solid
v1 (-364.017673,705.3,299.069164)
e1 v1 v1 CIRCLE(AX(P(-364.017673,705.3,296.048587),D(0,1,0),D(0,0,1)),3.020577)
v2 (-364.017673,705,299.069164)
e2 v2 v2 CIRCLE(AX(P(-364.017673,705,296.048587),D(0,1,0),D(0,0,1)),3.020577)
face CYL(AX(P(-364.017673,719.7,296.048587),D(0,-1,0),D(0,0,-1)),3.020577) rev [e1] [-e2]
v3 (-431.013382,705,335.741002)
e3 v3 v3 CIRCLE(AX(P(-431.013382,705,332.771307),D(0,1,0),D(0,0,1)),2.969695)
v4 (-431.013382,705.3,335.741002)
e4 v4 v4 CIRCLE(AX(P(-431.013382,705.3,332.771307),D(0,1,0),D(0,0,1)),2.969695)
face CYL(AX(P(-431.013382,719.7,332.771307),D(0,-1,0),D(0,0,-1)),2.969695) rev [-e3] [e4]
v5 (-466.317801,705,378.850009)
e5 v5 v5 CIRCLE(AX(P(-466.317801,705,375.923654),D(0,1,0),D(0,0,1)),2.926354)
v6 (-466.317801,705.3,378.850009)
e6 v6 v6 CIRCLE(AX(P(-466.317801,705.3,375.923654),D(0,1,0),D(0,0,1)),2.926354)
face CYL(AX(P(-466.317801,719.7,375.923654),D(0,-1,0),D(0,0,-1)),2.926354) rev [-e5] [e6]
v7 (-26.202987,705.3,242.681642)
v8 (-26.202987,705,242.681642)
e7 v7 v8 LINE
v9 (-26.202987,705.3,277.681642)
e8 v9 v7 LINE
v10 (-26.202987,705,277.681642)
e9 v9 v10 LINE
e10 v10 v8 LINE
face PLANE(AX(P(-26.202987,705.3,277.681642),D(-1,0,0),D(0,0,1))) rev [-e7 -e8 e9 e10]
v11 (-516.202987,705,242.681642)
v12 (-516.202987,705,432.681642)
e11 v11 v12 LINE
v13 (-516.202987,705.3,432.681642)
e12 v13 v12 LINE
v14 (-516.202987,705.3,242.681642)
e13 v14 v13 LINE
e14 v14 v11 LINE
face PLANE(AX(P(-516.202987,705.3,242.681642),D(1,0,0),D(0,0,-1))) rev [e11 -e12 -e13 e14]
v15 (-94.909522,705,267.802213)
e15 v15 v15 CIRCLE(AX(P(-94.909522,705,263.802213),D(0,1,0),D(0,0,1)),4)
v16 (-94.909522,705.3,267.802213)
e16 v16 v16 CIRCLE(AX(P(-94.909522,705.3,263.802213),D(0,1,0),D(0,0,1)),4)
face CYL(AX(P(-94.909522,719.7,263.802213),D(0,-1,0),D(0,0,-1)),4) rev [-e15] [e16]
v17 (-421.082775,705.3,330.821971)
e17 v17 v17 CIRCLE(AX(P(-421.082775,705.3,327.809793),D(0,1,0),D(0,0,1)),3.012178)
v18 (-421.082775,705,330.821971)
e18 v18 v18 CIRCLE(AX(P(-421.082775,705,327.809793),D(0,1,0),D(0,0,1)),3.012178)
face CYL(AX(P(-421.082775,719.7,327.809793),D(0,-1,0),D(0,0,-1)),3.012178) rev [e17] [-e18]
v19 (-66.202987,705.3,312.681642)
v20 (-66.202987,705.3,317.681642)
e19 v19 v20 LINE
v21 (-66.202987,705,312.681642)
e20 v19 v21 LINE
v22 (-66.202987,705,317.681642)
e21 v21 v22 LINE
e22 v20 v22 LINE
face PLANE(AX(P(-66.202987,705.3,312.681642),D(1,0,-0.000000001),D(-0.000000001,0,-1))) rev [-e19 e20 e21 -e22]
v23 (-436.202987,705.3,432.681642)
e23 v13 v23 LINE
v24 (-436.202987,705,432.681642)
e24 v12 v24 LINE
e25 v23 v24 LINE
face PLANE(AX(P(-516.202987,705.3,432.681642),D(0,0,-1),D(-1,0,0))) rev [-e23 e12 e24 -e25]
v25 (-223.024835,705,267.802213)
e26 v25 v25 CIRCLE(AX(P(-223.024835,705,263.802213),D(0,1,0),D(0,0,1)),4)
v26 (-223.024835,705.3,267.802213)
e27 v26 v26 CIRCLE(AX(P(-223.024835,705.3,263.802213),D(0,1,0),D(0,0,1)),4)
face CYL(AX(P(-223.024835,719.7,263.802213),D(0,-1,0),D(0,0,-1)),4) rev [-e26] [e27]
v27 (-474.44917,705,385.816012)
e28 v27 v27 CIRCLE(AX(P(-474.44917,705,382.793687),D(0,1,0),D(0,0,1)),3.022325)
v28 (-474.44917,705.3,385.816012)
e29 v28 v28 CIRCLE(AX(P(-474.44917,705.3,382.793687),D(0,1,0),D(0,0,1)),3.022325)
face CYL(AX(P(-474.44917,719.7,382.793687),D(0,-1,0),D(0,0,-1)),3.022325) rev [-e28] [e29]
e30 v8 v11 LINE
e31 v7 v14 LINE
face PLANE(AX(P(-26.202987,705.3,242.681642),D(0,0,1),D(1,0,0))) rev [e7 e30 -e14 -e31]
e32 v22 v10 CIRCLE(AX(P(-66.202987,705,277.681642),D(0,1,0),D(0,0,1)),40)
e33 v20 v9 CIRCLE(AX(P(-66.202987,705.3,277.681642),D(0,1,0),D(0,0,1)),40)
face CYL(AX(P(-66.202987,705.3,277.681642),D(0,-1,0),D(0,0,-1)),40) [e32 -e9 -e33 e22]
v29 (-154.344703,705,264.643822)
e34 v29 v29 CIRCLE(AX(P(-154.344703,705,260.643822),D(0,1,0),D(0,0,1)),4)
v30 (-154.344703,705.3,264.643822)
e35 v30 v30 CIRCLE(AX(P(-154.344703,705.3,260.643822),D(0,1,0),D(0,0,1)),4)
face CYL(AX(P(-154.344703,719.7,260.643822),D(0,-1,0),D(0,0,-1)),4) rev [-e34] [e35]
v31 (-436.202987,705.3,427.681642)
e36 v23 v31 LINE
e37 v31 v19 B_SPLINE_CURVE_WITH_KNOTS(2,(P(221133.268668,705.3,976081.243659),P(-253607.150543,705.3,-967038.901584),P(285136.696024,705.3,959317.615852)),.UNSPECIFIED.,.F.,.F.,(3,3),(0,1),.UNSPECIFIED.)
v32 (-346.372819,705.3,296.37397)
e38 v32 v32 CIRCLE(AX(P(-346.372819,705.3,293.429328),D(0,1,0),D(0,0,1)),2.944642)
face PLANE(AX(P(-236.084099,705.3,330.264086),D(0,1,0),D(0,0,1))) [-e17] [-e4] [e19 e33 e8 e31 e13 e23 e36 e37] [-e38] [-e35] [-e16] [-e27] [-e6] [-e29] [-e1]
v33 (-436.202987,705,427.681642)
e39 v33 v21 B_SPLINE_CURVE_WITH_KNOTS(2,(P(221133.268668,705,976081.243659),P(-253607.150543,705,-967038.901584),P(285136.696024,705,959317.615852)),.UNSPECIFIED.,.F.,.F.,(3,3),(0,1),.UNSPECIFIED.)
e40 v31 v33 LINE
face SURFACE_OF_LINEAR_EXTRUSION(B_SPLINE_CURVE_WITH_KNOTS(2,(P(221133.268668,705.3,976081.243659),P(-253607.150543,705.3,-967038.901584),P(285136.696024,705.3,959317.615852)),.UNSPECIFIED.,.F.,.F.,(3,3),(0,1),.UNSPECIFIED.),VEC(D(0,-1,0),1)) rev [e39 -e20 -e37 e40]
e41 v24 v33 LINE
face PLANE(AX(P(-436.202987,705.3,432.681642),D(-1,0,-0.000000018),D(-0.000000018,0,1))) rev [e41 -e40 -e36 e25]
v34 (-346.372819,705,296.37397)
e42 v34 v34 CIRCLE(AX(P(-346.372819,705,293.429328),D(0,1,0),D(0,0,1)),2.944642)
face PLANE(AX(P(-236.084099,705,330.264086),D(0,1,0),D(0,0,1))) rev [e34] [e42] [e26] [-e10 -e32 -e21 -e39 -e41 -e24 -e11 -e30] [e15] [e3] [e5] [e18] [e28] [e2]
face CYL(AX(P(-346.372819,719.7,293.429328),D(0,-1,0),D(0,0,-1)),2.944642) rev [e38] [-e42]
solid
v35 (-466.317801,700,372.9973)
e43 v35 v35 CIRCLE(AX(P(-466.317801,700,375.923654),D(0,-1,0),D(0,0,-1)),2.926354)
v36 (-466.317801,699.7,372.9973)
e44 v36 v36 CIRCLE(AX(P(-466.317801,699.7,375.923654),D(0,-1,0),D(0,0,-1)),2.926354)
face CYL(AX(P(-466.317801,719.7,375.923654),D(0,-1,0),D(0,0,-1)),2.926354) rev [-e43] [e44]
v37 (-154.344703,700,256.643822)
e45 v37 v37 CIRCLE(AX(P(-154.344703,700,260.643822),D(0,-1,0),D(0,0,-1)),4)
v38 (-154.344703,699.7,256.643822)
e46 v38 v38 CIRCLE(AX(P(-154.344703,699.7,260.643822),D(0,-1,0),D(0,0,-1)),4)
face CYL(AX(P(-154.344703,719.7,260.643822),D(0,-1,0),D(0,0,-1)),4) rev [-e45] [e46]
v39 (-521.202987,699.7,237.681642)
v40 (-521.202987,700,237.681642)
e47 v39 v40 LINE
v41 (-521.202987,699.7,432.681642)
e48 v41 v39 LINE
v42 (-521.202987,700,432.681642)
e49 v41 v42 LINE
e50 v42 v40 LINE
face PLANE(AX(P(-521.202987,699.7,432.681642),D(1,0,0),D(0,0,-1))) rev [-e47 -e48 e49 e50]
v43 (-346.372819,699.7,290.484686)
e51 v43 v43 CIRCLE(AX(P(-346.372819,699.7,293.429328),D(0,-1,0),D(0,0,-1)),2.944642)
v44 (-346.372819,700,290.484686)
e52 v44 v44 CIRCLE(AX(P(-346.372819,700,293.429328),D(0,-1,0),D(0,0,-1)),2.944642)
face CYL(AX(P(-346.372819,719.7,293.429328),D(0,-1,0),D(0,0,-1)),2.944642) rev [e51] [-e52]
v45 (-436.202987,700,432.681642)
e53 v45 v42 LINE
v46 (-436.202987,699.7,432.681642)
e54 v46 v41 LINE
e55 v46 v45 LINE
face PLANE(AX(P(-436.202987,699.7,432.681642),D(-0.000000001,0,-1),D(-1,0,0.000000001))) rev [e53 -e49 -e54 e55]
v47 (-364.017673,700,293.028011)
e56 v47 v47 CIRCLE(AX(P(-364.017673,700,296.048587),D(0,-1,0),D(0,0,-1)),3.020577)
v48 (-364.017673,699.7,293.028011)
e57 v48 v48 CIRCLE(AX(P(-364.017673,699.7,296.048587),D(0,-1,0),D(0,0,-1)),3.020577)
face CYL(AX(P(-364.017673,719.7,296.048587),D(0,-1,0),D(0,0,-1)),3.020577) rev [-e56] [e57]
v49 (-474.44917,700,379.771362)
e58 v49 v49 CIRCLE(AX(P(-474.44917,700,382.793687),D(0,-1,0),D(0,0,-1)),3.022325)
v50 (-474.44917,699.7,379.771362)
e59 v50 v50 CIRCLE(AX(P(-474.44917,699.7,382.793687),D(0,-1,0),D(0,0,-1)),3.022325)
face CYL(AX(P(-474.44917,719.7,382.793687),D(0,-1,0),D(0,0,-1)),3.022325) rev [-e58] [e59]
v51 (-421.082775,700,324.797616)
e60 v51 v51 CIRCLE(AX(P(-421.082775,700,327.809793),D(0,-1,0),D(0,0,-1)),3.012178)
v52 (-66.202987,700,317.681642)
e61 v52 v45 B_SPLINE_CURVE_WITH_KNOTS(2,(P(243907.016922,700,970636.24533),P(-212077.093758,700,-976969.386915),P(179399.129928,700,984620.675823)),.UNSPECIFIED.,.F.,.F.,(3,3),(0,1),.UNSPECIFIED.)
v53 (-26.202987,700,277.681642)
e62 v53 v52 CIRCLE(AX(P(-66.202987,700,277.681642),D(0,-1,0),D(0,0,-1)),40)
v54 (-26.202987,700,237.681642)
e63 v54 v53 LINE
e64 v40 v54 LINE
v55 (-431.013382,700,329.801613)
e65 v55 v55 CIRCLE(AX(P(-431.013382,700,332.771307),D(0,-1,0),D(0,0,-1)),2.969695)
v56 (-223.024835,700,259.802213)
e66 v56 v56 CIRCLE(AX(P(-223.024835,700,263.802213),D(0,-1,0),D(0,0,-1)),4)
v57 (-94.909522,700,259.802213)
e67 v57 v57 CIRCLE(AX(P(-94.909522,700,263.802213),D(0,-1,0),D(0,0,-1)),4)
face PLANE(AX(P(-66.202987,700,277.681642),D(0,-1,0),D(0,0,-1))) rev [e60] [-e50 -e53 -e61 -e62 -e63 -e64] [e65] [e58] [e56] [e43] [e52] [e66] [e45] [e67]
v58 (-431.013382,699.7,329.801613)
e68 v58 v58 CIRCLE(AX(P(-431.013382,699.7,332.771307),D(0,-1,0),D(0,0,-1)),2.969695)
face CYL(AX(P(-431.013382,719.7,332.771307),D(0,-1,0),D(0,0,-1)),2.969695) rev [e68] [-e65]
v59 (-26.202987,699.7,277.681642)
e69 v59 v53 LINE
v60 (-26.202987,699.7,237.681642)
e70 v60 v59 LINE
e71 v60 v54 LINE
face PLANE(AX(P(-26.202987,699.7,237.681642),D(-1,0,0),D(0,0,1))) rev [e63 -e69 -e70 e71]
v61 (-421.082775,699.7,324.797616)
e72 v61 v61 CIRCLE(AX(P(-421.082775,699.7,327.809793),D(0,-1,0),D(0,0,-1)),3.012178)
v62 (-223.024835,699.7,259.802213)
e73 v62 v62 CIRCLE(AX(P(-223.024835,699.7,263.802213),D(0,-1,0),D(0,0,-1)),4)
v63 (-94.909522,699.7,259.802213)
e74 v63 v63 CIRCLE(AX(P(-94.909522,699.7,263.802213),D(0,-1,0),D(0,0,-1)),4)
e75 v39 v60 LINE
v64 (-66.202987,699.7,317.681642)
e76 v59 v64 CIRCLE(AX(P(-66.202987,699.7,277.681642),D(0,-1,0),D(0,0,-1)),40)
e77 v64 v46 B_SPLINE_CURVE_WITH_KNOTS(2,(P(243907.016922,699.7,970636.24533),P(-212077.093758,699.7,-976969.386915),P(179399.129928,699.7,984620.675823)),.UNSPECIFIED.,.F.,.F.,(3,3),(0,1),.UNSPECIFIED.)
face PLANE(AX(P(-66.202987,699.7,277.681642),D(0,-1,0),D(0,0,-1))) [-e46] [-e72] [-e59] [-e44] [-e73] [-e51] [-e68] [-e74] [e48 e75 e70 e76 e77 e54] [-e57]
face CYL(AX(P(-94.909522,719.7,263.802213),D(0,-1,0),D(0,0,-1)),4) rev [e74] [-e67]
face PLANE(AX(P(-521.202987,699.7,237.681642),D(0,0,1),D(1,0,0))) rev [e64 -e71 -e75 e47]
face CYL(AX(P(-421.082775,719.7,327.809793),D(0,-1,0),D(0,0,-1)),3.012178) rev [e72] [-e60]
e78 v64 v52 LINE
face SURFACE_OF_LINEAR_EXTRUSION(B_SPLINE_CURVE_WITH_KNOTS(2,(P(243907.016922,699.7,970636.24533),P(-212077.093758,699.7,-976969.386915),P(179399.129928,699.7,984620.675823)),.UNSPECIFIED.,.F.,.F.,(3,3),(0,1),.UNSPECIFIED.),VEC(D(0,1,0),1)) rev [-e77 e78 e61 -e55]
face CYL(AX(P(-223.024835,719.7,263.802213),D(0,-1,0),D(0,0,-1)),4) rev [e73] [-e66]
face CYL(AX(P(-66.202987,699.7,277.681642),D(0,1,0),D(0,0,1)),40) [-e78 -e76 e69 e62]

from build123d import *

# Parameters (mm, degrees)
DODANIE_WYCI_GNI_CIE1_DEPTH = 0.3
DODANIE_WYCI_GNI_CIE2_DEPTH = 0.3
SZKIC3_R                    = 4
SZKIC3_R_2                  = 2.944641831
SZKIC3_R_3                  = 3.020576513
SZKIC3_R_4                  = 3.012177803
SZKIC3_R_5                  = 2.969694601
SZKIC3_R_6                  = 2.926354466
SZKIC3_R_7                  = 3.022325106
WYTNIJ_WYCI_GNI_CIE1_DEPTH  = 20


with BuildPart() as part:
    # Szkic1 → Dodanie-wyciągnięcie1 (new body)
    with BuildSketch(Plane(origin=(0, 705, 0), x_dir=(1, 0, 0), z_dir=(0, 1, 0))):
        with BuildLine():
            Line((-66.202987025, -312.681641948), (-66.202987023, -317.681641948))
            ThreePointArc((-66.202987023, -317.681641948), (-37.918715775, -305.965913195), (-26.202987023, -277.681641948))
            Line((-26.202987023, -277.681641948), (-26.202987023, -242.681641948))
            Line((-26.202987023, -242.681641948), (-516.202987023, -242.681641948))
            Line((-516.202987023, -242.681641948), (-516.202987023, -432.681641948))
            Line((-516.202987023, -432.681641948), (-436.202987023, -432.681641948))
            Line((-436.202987023, -432.681641948), (-436.202986934, -427.681641882))
            add(Edge.make_bspline(
                [(-436.202986934, -427.681641882), (-268.546265032, -303.965113503), (-66.202987025, -312.681641948)],
                knots=[0, 0, 0, 1, 1, 1], degree=2))
        make_face()
    extrude(amount=DODANIE_WYCI_GNI_CIE1_DEPTH)


with BuildPart() as body_2:
    # Szkic2 → Dodanie-wyciągnięcie2 (new body)
    with BuildSketch(Plane.XZ.offset(-700)):
        with BuildLine():
            Line((-521.202987023, 432.681641948), (-521.202987023, 237.681641948))
            Line((-521.202987023, 237.681641948), (-26.202987023, 237.681641948))
            Line((-26.202987023, 237.681641948), (-26.202987023, 277.681641948))
            ThreePointArc((-26.202987023, 277.681641948), (-37.918715775, 305.965913195), (-66.202987023, 317.681641948))
            add(Edge.make_bspline(
                [(-66.202987023, 317.681641948), (-265.691193711, 308.349917645), (-436.202986931, 432.681641881)],
                knots=[0, 0, 0, 1, 1, 1], degree=2))
            Line((-436.202986931, 432.681641881), (-521.202987023, 432.681641948))
        make_face()
    extrude(amount=DODANIE_WYCI_GNI_CIE2_DEPTH)


with BuildPart() as wytnij_wyci_gni_cie1_tool:
    # Szkic3 → Wytnij-wyciągnięcie1 (new body)
    with BuildSketch(Plane.XZ.offset(-699.7)):
        with Locations(Location((-94.909521544, 263.802212936, 0), (0, 0, 270))):
            Circle(SZKIC3_R)
        with Locations(Location((-154.344703344, 260.643821632, 0), (0, 0, 270))):
            Circle(SZKIC3_R)
        with Locations(Location((-223.024834581, 263.802212936, 0), (0, 0, 270))):
            Circle(SZKIC3_R)
        with Locations(Location((-346.372819064, 293.429327819, 0), (0, 0, 270))):
            Circle(SZKIC3_R_2)
        with Locations(Location((-364.017672886, 296.048587357, 0), (0, 0, 270))):
            Circle(SZKIC3_R_3)
        with Locations(Location((-421.082774625, 327.809793479, 0), (0, 0, 270))):
            Circle(SZKIC3_R_4)
        with Locations(Location((-431.013382426, 332.771307187, 0), (0, 0, 270))):
            Circle(SZKIC3_R_5)
        with Locations(Location((-466.31780115, 375.923654109, 0), (0, 0, 270))):
            Circle(SZKIC3_R_6)
        with Locations(Location((-474.449169572, 382.793687092, 0), (0, 0, 270))):
            Circle(SZKIC3_R_7)
    extrude(amount=-WYTNIJ_WYCI_GNI_CIE1_DEPTH)


with BuildPart() as part_1:
    add(part.part)

    # Wytnij-wyciągnięcie1: cut by wytnij_wyci_gni_cie1_tool
    add(wytnij_wyci_gni_cie1_tool.part, mode=Mode.SUBTRACT)


with BuildPart() as body_2_1:
    add(body_2.part)

    # Wytnij-wyciągnięcie1: cut by wytnij_wyci_gni_cie1_tool
    add(wytnij_wyci_gni_cie1_tool.part, mode=Mode.SUBTRACT)


solid = Compound([part_1.part, body_2_1.part])
